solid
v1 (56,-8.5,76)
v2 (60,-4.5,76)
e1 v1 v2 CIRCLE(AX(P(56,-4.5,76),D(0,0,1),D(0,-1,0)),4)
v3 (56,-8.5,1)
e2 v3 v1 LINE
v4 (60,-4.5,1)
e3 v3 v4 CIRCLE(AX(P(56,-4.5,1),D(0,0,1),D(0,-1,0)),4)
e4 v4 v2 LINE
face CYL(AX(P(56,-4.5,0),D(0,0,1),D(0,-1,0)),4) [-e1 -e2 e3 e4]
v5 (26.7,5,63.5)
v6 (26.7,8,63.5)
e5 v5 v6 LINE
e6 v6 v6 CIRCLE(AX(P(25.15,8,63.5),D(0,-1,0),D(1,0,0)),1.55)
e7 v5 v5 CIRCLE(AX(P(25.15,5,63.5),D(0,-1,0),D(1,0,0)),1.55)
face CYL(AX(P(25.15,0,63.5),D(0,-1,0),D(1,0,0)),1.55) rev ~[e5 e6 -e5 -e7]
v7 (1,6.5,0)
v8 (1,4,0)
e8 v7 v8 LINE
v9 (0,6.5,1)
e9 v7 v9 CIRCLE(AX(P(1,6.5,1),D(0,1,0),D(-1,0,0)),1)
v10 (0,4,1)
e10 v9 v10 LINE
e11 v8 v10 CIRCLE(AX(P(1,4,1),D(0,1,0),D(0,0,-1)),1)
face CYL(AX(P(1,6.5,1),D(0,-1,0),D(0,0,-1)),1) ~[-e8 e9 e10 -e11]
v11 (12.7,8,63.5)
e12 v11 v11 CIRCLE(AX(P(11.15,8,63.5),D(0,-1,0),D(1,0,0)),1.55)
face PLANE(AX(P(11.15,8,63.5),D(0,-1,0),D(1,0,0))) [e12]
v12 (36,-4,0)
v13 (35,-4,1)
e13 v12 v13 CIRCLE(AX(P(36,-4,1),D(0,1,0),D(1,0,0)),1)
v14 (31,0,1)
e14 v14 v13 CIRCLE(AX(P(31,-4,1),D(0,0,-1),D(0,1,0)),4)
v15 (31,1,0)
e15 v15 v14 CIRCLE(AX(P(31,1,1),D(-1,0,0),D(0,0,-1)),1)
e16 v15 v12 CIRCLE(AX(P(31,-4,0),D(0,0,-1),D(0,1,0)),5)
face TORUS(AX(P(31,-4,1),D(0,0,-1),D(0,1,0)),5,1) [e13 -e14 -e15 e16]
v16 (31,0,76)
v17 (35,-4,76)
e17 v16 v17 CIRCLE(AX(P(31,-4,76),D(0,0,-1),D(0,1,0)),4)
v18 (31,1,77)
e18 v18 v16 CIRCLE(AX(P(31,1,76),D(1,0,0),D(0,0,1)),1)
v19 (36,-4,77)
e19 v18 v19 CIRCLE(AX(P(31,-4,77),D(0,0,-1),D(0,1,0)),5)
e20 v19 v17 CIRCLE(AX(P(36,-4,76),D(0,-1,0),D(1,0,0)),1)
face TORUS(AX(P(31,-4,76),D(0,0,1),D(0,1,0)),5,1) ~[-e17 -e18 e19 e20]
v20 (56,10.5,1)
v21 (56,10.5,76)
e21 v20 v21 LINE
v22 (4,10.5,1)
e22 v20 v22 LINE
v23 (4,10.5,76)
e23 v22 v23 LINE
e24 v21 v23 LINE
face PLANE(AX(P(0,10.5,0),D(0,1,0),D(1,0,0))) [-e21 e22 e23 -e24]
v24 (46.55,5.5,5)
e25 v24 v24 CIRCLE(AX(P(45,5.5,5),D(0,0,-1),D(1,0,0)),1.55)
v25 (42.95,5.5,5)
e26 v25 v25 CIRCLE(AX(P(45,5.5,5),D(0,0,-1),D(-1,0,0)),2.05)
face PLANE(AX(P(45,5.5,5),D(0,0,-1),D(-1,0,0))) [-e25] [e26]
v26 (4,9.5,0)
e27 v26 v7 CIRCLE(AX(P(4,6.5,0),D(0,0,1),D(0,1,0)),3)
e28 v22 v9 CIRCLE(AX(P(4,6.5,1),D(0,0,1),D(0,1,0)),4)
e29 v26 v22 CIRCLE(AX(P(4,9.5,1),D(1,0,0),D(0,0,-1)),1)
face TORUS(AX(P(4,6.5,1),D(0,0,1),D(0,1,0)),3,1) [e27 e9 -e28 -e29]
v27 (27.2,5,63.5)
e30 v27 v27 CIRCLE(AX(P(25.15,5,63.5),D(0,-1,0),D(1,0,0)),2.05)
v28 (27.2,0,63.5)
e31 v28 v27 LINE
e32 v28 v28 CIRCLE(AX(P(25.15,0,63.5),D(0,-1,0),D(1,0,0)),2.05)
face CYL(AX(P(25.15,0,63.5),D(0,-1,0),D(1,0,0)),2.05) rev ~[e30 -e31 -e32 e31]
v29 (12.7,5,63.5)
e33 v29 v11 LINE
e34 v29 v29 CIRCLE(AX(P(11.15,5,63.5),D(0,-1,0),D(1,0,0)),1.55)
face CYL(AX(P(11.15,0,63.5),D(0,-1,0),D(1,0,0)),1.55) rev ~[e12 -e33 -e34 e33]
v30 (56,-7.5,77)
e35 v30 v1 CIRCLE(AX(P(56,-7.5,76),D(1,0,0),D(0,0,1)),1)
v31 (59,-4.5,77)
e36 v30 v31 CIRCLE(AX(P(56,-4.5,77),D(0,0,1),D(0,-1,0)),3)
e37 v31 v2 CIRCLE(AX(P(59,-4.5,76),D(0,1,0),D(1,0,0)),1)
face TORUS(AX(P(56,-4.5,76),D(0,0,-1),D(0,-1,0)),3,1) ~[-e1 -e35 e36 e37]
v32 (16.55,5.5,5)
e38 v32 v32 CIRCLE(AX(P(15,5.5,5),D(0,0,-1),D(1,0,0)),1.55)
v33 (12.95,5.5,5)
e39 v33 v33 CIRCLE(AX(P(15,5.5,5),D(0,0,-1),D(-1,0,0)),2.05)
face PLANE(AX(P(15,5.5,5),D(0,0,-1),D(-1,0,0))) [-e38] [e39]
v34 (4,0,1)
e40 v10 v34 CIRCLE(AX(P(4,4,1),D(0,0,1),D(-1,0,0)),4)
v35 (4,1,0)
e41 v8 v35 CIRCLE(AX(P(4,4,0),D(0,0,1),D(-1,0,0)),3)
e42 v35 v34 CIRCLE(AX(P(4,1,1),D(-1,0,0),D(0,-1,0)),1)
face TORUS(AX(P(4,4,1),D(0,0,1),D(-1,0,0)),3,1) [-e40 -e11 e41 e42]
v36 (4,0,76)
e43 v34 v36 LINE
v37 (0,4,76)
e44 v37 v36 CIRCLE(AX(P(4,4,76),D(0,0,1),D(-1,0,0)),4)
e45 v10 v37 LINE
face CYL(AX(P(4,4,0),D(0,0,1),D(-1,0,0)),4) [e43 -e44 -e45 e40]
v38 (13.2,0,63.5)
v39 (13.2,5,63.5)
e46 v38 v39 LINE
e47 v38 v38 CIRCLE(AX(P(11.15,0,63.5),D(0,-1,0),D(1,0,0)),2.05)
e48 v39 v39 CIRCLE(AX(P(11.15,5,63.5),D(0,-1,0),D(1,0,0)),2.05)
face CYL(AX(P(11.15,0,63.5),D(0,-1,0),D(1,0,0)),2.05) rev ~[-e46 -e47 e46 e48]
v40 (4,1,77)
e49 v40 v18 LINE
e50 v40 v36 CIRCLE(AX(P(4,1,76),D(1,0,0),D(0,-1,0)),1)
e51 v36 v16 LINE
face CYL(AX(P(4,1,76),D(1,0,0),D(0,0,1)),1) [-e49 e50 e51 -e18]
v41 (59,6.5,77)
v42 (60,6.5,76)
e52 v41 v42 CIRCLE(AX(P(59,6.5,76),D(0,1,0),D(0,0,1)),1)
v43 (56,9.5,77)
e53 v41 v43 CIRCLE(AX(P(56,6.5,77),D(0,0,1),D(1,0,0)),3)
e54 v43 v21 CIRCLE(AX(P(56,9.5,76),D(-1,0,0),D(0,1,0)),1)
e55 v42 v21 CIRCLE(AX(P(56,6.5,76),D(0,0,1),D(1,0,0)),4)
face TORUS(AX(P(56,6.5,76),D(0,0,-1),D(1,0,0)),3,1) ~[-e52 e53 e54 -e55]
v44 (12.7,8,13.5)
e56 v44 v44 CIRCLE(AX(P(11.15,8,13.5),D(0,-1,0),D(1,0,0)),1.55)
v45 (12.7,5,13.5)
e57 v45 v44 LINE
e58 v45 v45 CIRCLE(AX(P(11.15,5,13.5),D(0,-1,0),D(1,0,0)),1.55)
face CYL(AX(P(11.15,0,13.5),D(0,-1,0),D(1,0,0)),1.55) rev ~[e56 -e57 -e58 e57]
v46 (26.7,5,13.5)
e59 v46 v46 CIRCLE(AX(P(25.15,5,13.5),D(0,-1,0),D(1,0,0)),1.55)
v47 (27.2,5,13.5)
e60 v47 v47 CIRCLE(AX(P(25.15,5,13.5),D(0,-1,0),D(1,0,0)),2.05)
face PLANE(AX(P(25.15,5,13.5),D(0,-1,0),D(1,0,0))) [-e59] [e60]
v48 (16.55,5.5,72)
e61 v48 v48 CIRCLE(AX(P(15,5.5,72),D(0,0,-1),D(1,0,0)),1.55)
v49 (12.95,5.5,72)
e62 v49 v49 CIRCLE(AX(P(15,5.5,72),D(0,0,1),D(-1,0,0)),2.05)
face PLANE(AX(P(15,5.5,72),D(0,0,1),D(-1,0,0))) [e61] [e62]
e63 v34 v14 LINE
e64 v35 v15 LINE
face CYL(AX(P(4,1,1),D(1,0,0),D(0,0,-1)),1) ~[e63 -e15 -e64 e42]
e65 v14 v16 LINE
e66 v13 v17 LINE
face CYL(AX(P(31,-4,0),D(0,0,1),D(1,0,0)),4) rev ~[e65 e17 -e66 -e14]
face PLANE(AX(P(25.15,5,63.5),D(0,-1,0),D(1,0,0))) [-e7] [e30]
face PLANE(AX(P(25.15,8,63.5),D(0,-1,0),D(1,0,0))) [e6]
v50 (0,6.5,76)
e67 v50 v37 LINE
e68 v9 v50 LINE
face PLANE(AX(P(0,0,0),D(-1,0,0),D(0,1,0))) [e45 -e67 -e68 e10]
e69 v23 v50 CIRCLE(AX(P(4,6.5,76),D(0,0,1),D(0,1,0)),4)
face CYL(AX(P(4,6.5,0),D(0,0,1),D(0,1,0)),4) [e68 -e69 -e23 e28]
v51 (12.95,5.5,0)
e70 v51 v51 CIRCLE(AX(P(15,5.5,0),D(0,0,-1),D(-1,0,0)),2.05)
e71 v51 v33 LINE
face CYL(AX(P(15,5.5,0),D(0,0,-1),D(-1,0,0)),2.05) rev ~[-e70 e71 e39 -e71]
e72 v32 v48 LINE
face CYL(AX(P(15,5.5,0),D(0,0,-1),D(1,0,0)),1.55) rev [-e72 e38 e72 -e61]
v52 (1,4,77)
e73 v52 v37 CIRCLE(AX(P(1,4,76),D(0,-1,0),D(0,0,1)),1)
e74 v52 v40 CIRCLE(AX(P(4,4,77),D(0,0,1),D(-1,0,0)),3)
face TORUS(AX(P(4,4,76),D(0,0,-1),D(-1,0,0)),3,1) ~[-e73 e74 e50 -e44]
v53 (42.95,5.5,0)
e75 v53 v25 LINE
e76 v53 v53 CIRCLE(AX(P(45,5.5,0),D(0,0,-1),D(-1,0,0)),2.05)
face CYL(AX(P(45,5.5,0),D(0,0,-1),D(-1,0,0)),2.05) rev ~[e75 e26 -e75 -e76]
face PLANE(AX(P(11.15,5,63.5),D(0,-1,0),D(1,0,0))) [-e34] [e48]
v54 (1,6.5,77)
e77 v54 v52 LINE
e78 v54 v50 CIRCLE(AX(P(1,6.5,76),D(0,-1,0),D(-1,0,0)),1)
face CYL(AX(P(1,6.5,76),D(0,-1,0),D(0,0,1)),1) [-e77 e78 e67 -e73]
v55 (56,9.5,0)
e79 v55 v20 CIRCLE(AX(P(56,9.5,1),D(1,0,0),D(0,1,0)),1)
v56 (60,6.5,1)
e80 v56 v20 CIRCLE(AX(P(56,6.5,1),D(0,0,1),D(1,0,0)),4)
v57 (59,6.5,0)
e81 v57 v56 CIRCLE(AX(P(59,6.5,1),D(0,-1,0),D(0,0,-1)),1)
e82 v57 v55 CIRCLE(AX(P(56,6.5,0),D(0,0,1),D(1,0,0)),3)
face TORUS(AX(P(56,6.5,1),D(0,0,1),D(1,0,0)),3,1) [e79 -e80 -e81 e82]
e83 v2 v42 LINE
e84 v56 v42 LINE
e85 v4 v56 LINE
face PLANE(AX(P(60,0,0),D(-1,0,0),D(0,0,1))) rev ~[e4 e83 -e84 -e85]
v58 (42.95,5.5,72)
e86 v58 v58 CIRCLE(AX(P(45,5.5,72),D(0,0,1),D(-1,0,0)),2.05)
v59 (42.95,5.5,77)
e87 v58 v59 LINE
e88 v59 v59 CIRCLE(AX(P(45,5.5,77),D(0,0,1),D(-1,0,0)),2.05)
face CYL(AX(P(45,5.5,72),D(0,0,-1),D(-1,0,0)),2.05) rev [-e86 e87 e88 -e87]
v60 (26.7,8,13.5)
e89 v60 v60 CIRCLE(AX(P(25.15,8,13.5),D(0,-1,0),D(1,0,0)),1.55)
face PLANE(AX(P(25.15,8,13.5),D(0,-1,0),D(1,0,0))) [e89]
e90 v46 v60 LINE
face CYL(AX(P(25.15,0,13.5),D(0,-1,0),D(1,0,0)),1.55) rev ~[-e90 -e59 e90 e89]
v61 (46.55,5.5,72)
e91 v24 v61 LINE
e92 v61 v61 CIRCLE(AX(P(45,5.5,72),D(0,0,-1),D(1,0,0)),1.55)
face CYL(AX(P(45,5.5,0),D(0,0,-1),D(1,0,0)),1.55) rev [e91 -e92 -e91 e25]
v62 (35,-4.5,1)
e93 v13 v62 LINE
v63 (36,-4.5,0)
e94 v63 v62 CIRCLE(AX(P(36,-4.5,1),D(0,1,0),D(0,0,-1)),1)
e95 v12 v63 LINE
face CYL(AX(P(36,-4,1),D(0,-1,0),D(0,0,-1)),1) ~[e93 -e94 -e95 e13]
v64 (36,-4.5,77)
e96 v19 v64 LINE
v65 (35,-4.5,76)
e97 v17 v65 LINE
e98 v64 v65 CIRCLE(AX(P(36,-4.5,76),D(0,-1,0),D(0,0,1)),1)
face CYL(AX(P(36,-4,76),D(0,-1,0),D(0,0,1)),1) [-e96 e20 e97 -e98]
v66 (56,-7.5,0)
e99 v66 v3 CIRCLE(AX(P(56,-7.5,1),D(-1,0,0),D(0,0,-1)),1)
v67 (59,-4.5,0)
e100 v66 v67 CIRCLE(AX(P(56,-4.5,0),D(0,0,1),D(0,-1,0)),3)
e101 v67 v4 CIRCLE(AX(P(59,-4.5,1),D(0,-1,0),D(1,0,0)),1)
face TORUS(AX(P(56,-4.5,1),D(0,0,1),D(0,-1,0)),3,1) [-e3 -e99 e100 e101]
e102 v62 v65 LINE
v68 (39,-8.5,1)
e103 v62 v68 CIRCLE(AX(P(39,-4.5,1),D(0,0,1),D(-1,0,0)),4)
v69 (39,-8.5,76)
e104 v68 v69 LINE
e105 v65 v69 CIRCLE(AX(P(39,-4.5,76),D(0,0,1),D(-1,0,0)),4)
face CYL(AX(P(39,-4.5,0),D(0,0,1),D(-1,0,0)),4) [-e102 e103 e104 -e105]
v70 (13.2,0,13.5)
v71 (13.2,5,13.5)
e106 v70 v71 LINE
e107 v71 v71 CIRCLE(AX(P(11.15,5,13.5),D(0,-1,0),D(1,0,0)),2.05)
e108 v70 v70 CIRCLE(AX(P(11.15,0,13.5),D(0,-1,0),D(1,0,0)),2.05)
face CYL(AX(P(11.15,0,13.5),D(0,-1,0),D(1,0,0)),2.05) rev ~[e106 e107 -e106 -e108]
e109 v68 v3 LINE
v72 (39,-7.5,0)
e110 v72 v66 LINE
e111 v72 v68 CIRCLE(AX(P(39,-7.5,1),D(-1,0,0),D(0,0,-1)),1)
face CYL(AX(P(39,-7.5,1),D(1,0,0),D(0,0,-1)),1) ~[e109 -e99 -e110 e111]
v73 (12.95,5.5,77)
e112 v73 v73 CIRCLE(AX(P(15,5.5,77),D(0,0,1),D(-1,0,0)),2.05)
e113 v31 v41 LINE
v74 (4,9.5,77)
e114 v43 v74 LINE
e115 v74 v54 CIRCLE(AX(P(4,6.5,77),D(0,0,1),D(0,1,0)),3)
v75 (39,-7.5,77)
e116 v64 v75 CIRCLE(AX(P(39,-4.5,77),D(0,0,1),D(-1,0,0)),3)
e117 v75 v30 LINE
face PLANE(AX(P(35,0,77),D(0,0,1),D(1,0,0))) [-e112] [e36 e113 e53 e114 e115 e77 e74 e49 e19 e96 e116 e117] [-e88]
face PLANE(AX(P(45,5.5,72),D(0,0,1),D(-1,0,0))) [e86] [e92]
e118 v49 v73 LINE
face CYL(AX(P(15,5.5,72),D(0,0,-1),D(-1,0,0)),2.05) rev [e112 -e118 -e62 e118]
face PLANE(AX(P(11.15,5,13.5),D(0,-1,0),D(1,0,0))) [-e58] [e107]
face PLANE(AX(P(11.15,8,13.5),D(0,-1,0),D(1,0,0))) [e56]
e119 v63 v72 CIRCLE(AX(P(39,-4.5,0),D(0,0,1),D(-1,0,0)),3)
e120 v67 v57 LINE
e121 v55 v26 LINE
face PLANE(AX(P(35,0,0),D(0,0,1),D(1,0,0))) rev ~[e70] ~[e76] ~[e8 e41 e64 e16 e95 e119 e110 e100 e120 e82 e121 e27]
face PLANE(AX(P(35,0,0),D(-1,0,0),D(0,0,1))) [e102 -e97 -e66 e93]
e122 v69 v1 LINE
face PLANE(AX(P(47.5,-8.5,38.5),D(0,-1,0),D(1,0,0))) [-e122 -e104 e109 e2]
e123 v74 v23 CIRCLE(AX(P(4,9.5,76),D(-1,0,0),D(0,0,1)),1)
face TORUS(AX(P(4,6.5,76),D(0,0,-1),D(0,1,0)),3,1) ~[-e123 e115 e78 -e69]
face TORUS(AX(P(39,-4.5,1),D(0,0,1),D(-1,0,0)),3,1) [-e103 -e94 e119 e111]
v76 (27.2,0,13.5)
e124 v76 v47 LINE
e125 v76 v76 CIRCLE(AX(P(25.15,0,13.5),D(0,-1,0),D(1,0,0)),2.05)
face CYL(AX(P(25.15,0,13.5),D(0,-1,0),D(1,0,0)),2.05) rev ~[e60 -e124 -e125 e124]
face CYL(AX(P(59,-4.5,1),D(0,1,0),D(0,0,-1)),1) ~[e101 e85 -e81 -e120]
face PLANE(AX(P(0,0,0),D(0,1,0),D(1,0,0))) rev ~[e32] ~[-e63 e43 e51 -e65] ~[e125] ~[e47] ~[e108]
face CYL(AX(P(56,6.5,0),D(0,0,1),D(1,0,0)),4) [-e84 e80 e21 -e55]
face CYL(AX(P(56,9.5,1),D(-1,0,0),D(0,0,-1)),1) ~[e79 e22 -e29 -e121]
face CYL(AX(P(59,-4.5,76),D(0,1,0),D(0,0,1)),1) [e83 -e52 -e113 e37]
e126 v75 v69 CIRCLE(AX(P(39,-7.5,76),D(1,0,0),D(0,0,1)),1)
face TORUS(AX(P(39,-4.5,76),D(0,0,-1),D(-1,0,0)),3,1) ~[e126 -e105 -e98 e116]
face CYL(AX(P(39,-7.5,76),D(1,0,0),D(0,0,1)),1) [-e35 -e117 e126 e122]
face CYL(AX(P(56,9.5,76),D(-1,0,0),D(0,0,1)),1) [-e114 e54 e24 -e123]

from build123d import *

# Parameters (mm, degrees)
SKETCH_1_W          = 60
SKETCH_1_H          = 10.5
SKETCH_1_R          = 1.55
EXTRUDE_1_DEPTH     = 77
SKETCH_2_W          = 25
SKETCH_2_H          = 77
EXTRUDE_2_DEPTH     = 8.5
FILLET_2_R          = 4
SKETCH_3_R          = 1.55
CUT_EXTRUDE_1_DEPTH = 8
SKETCH_4_R          = 2.05
CUT_EXTRUDE_2_DEPTH = 5
CUT_EXTRUDE_START   = -5
SKETCH_5_R          = 2.05
CUT_EXTRUDE_3_DEPTH = 5
FILLET_3_R          = 1
SKETCH_6_R          = 2.05
CUT_EXTRUDE_4_DEPTH = 5


with BuildPart() as part:
    # 草图1 → 凸台-拉伸1 (new body)
    with BuildSketch(Plane.XY):
        with Locations((30, 5.25)):
            Rectangle(SKETCH_1_W, SKETCH_1_H)
        with Locations((15, 5.5)):
            Circle(SKETCH_1_R, mode=Mode.SUBTRACT)
        with Locations((45, 5.5)):
            Circle(SKETCH_1_R, mode=Mode.SUBTRACT)
    extrude(amount=EXTRUDE_1_DEPTH)

    # 草图2 → 凸台-拉伸2 (add)
    with BuildSketch(Plane.XZ):
        with Locations((47.5, 38.5)):
            Rectangle(SKETCH_2_W, SKETCH_2_H)
    extrude(amount=EXTRUDE_2_DEPTH)

    # 圆角2
    fillet_2_edges = [part.edges().sort_by_distance(p)[0] for p in [
        (35, 0, 38.5),
        (60, -8.5, 38.5),
        (35, -8.5, 38.5),
        (0, 10.5, 38.5),
        (60, 10.5, 38.5),
        (0, 0, 38.5),
    ]]
    fillet(fillet_2_edges, radius=FILLET_2_R)

    # 草图3 → 切除-拉伸1 (cut)
    with BuildSketch(Plane.XZ):
        with Locations((11.15, 63.5)):
            Circle(SKETCH_3_R)
        with Locations((11.15, 13.5)):
            Circle(SKETCH_3_R)
        with Locations((25.15, 63.5)):
            Circle(SKETCH_3_R)
        with Locations((25.15, 13.5)):
            Circle(SKETCH_3_R)
    extrude(amount=-CUT_EXTRUDE_1_DEPTH, mode=Mode.SUBTRACT)

    # 草图4 → 切除-拉伸2 (cut)
    with BuildSketch(Plane(origin=(0, 0, 0), x_dir=(-1, 0, 0), z_dir=(0, 0, -1))):
        with Locations((-45, 5.5)):
            Circle(SKETCH_4_R)
        with Locations((-15, 5.5)):
            Circle(SKETCH_4_R)
    extrude(amount=-CUT_EXTRUDE_2_DEPTH, mode=Mode.SUBTRACT)

    # 草图5 → 切除-拉伸3 (cut)
    with BuildSketch(Plane.XY.offset(77).offset(CUT_EXTRUDE_START)):
        with Locations(Location((15, 5.5, 0), (0, 0, 180))):
            Circle(SKETCH_5_R)
        with Locations(Location((45, 5.5, 0), (0, 0, 180))):
            Circle(SKETCH_5_R)
    extrude(amount=CUT_EXTRUDE_3_DEPTH, mode=Mode.SUBTRACT)

    # 圆角3
    fillet_3_edges = [part.edges().sort_by_distance(p)[0] for p in [
        (47.5, -8.5, 77),
        (47.5, -8.5, 0),
        (0, 5.25, 0),
        (30, 10.5, 0),
        (60, 1, 0),
        (35, -4.25, 0),
        (17.5, 0, 0),
        (1.171572875, 9.328427125, 0),
        (1.171572875, 1.171572875, 0),
        (58.828427125, 9.328427125, 0),
        (58.828427125, -7.328427125, 0),
        (36.171572875, -7.328427125, 0),
        (35, -4.25, 77),
        (0, 5.25, 77),
        (17.5, 0, 77),
        (60, 1, 77),
        (30, 10.5, 77),
        (1.171572875, 9.328427125, 77),
        (1.171572875, 1.171572875, 77),
        (58.828427125, 9.328427125, 77),
        (58.828427125, -7.328427125, 77),
        (36.171572875, -7.328427125, 77),
        (33.828427125, -1.171572875, 0),
        (33.828427125, -1.171572875, 77),
    ]]
    fillet(fillet_3_edges, radius=FILLET_3_R)

    # 草图6 → 切除-拉伸4 (cut)
    with BuildSketch(Plane.XZ):
        with Locations((11.15, 63.5)):
            Circle(SKETCH_6_R)
        with Locations((25.15, 63.5)):
            Circle(SKETCH_6_R)
        with Locations((25.15, 13.5)):
            Circle(SKETCH_6_R)
        with Locations((11.15, 13.5)):
            Circle(SKETCH_6_R)
    extrude(amount=-CUT_EXTRUDE_4_DEPTH, mode=Mode.SUBTRACT)


solid = part.part
